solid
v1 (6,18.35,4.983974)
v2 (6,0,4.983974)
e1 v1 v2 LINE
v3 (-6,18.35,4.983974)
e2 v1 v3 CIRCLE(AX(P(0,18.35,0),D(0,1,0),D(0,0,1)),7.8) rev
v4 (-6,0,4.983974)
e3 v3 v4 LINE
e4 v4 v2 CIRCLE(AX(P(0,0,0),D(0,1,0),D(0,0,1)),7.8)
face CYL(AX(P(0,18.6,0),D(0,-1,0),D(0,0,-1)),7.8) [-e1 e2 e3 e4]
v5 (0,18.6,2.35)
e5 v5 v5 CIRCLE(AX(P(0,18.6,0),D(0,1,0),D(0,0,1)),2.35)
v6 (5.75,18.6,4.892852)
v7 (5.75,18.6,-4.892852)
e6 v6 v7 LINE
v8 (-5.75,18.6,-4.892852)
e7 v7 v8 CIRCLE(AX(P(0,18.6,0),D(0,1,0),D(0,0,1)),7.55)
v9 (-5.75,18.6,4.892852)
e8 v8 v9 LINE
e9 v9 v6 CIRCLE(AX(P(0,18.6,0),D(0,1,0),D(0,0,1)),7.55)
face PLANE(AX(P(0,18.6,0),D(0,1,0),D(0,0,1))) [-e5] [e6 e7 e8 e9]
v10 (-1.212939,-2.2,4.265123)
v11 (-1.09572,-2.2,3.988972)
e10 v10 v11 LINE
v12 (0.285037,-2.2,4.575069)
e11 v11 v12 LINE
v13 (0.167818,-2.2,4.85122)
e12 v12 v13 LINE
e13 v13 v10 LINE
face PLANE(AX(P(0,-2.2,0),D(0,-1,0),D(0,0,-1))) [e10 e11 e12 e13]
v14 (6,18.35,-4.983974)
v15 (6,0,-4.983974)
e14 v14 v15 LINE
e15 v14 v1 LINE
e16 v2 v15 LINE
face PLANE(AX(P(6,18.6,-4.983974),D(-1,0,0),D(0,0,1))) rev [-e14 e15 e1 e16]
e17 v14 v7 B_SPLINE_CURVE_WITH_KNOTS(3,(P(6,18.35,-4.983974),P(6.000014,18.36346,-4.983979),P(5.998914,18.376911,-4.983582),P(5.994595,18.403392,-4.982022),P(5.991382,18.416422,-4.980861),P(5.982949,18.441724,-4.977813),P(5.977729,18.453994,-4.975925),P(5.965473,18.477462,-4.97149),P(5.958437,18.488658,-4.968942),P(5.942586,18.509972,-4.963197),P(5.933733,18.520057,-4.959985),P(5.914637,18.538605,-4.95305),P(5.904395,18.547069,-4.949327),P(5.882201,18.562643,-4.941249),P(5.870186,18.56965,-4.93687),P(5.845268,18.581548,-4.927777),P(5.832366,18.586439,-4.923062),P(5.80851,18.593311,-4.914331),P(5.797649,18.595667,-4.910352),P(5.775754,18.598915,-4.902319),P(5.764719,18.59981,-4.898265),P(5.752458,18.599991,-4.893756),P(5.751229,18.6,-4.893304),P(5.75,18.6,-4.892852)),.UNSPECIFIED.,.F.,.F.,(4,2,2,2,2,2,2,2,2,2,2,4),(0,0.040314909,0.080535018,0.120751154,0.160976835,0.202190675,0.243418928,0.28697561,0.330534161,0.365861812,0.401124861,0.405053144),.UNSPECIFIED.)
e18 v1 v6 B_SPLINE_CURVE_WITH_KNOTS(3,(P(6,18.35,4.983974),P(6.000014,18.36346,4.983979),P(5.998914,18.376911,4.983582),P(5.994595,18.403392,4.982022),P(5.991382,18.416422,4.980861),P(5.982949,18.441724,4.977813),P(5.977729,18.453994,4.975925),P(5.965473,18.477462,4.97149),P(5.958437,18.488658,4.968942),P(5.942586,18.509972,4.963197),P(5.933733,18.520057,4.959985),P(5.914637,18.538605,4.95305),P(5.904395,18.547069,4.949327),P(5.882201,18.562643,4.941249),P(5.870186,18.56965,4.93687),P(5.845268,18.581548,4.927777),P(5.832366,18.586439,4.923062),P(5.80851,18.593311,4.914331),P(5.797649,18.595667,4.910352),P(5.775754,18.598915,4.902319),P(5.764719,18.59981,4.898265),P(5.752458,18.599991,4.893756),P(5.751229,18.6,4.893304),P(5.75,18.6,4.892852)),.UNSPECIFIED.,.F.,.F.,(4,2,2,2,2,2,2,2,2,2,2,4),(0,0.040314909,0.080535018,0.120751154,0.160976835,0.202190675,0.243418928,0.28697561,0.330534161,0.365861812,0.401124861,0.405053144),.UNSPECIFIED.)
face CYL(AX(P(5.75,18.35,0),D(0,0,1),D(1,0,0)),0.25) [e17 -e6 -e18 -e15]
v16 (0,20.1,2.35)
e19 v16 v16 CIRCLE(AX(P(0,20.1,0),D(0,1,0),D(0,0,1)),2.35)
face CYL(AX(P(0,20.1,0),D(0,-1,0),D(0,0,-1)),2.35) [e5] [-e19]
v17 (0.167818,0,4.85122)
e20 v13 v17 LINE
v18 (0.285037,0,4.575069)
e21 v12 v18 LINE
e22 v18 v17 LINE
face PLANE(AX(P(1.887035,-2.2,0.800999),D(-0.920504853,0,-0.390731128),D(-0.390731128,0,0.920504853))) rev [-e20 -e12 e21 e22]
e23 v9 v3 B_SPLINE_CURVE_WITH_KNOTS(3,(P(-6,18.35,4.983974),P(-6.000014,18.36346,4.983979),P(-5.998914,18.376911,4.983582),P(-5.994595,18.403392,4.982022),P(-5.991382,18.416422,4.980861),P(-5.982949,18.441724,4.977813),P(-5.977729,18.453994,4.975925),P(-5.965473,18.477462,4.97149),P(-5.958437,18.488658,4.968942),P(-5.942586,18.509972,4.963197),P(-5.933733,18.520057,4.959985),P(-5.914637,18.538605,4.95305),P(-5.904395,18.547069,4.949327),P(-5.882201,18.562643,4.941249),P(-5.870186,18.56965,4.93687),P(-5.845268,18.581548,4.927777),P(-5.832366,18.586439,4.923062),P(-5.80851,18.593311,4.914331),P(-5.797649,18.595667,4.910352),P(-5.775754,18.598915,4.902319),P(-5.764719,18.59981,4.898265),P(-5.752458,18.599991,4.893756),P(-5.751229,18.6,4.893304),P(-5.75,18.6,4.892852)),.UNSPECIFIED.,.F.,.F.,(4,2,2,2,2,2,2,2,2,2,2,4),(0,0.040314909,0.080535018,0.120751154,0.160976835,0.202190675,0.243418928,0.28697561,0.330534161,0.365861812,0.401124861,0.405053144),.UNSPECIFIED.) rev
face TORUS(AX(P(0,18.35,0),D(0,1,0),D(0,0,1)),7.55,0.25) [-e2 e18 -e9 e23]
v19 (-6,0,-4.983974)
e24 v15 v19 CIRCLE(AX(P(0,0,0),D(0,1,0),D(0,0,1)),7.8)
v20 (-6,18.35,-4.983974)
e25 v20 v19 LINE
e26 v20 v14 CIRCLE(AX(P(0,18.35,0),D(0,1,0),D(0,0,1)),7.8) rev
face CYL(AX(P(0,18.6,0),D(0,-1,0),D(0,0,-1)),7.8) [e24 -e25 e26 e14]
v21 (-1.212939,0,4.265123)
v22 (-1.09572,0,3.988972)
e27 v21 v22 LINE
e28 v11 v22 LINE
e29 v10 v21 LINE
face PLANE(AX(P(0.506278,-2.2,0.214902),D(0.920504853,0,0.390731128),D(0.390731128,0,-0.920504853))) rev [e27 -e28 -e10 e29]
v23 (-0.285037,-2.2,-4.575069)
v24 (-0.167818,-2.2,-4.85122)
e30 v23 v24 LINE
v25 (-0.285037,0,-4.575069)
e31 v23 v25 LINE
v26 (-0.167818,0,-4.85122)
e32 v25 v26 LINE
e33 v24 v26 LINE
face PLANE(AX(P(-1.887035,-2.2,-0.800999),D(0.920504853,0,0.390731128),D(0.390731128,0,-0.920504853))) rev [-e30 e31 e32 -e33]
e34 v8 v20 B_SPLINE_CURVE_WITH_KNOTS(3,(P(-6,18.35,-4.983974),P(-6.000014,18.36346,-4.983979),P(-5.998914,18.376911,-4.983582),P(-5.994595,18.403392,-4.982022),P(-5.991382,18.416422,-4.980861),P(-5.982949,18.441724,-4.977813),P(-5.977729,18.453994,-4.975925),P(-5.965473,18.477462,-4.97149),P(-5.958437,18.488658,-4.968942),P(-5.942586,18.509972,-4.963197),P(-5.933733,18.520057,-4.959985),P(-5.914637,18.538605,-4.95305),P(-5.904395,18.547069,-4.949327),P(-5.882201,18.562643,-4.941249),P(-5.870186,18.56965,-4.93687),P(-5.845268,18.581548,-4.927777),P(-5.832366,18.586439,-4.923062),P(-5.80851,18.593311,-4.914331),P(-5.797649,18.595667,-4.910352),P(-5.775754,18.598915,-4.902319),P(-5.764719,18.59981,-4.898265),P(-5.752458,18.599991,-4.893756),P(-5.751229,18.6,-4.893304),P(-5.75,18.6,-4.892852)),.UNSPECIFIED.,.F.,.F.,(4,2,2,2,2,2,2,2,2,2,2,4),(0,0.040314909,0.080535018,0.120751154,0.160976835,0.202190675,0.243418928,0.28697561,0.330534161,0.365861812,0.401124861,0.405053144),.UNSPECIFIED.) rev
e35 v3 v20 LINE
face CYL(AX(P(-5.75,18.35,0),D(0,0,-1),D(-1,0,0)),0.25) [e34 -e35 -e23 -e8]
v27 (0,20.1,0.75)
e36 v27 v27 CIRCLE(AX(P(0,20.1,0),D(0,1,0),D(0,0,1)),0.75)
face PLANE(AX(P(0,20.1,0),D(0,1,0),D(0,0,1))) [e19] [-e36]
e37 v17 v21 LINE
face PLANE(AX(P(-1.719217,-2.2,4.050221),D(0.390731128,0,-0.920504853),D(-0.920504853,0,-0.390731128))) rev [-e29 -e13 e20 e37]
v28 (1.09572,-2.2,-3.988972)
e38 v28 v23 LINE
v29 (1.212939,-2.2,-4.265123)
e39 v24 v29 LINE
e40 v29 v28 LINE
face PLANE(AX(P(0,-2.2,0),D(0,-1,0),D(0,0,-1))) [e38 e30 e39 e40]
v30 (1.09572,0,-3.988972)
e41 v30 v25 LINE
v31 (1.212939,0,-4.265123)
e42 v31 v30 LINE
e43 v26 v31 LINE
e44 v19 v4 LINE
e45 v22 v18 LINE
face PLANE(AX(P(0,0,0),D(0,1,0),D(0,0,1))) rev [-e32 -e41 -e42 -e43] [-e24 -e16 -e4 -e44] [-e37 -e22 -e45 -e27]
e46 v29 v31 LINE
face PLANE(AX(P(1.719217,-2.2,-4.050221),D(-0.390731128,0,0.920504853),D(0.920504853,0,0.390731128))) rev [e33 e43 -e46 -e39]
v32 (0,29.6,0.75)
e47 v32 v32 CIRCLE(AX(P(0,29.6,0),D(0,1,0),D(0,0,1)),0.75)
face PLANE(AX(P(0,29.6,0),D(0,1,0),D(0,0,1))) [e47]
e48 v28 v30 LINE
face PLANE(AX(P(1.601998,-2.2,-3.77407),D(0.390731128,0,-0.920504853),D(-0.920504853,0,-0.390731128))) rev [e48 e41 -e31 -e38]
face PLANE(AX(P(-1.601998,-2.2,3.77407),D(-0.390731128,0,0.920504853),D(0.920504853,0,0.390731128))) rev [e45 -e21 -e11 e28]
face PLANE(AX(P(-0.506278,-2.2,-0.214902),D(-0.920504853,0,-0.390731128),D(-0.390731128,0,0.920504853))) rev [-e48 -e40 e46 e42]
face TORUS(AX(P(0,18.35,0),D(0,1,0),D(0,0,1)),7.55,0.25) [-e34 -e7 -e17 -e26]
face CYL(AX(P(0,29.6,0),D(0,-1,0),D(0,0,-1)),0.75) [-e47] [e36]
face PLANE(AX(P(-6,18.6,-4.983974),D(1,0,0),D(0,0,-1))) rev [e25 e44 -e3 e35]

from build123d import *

# Parameters (mm, degrees)
BOSS_EXTRUDE1_DEPTH = 18.6
BOSS_EXTRUDE2_DEPTH = 2.2
SKETCH3_R           = 2.35
BOSS_EXTRUDE3_DEPTH = 1.5
SKETCH4_R           = 0.75
BOSS_EXTRUDE4_DEPTH = 9.5
FILLET2_R           = 0.25


with BuildPart() as part:
    # Sketch1 → Boss-Extrude1 (new body)
    with BuildSketch(Plane(origin=(0, 0, 0), x_dir=(1, 0, 0), z_dir=(0, 1, 0))):
        with BuildLine():
            Line((-6, 4.983974318), (-6, -4.983974318))
            ThreePointArc((-6, -4.983974318), (0, -7.8), (6, -4.983974318))
            Line((6, -4.983974318), (6, 4.983974318))
            ThreePointArc((6, 4.983974318), (0, 7.8), (-6, 4.983974318))
        make_face()
    extrude(amount=BOSS_EXTRUDE1_DEPTH)

    # Sketch2 → Boss-Extrude2 (add)
    with BuildSketch(Plane.XZ):
        Polygon((1.212939296, -4.265123476), (1.095719957, -3.98897202), (-0.285037323, -4.575068713), (-0.167817984, -4.851220169), align=None)
        Polygon((0.285037323, 4.575068713), (0.167817984, 4.851220169), (-1.212939296, 4.265123476), (-1.095719957, 3.98897202), align=None)
    extrude(amount=BOSS_EXTRUDE2_DEPTH)

    # Sketch3 → Boss-Extrude3 (add)
    with BuildSketch(Plane(origin=(0, 18.6, 0), x_dir=(1, 0, 0), z_dir=(0, 1, 0))):
        with Locations(Location((0, 0, 0), (0, 0, 270))):
            Circle(SKETCH3_R)
    extrude(amount=BOSS_EXTRUDE3_DEPTH)

    # Sketch4 → Boss-Extrude4 (add)
    with BuildSketch(Plane(origin=(0, 20.1, 0), x_dir=(1, 0, 0), z_dir=(0, 1, 0))):
        with Locations(Location((0, 0, 0), (0, 0, 270))):
            Circle(SKETCH4_R)
    extrude(amount=BOSS_EXTRUDE4_DEPTH)

    # Fillet2
    fillet2_edges = [part.edges().sort_by_distance(p)[0] for p in [
        (0, 18.6, 7.8),
        (6, 18.6, 0),
        (0, 18.6, -7.8),
        (-6, 18.6, 0),
    ]]
    fillet(fillet2_edges, radius=FILLET2_R)


solid = part.part
